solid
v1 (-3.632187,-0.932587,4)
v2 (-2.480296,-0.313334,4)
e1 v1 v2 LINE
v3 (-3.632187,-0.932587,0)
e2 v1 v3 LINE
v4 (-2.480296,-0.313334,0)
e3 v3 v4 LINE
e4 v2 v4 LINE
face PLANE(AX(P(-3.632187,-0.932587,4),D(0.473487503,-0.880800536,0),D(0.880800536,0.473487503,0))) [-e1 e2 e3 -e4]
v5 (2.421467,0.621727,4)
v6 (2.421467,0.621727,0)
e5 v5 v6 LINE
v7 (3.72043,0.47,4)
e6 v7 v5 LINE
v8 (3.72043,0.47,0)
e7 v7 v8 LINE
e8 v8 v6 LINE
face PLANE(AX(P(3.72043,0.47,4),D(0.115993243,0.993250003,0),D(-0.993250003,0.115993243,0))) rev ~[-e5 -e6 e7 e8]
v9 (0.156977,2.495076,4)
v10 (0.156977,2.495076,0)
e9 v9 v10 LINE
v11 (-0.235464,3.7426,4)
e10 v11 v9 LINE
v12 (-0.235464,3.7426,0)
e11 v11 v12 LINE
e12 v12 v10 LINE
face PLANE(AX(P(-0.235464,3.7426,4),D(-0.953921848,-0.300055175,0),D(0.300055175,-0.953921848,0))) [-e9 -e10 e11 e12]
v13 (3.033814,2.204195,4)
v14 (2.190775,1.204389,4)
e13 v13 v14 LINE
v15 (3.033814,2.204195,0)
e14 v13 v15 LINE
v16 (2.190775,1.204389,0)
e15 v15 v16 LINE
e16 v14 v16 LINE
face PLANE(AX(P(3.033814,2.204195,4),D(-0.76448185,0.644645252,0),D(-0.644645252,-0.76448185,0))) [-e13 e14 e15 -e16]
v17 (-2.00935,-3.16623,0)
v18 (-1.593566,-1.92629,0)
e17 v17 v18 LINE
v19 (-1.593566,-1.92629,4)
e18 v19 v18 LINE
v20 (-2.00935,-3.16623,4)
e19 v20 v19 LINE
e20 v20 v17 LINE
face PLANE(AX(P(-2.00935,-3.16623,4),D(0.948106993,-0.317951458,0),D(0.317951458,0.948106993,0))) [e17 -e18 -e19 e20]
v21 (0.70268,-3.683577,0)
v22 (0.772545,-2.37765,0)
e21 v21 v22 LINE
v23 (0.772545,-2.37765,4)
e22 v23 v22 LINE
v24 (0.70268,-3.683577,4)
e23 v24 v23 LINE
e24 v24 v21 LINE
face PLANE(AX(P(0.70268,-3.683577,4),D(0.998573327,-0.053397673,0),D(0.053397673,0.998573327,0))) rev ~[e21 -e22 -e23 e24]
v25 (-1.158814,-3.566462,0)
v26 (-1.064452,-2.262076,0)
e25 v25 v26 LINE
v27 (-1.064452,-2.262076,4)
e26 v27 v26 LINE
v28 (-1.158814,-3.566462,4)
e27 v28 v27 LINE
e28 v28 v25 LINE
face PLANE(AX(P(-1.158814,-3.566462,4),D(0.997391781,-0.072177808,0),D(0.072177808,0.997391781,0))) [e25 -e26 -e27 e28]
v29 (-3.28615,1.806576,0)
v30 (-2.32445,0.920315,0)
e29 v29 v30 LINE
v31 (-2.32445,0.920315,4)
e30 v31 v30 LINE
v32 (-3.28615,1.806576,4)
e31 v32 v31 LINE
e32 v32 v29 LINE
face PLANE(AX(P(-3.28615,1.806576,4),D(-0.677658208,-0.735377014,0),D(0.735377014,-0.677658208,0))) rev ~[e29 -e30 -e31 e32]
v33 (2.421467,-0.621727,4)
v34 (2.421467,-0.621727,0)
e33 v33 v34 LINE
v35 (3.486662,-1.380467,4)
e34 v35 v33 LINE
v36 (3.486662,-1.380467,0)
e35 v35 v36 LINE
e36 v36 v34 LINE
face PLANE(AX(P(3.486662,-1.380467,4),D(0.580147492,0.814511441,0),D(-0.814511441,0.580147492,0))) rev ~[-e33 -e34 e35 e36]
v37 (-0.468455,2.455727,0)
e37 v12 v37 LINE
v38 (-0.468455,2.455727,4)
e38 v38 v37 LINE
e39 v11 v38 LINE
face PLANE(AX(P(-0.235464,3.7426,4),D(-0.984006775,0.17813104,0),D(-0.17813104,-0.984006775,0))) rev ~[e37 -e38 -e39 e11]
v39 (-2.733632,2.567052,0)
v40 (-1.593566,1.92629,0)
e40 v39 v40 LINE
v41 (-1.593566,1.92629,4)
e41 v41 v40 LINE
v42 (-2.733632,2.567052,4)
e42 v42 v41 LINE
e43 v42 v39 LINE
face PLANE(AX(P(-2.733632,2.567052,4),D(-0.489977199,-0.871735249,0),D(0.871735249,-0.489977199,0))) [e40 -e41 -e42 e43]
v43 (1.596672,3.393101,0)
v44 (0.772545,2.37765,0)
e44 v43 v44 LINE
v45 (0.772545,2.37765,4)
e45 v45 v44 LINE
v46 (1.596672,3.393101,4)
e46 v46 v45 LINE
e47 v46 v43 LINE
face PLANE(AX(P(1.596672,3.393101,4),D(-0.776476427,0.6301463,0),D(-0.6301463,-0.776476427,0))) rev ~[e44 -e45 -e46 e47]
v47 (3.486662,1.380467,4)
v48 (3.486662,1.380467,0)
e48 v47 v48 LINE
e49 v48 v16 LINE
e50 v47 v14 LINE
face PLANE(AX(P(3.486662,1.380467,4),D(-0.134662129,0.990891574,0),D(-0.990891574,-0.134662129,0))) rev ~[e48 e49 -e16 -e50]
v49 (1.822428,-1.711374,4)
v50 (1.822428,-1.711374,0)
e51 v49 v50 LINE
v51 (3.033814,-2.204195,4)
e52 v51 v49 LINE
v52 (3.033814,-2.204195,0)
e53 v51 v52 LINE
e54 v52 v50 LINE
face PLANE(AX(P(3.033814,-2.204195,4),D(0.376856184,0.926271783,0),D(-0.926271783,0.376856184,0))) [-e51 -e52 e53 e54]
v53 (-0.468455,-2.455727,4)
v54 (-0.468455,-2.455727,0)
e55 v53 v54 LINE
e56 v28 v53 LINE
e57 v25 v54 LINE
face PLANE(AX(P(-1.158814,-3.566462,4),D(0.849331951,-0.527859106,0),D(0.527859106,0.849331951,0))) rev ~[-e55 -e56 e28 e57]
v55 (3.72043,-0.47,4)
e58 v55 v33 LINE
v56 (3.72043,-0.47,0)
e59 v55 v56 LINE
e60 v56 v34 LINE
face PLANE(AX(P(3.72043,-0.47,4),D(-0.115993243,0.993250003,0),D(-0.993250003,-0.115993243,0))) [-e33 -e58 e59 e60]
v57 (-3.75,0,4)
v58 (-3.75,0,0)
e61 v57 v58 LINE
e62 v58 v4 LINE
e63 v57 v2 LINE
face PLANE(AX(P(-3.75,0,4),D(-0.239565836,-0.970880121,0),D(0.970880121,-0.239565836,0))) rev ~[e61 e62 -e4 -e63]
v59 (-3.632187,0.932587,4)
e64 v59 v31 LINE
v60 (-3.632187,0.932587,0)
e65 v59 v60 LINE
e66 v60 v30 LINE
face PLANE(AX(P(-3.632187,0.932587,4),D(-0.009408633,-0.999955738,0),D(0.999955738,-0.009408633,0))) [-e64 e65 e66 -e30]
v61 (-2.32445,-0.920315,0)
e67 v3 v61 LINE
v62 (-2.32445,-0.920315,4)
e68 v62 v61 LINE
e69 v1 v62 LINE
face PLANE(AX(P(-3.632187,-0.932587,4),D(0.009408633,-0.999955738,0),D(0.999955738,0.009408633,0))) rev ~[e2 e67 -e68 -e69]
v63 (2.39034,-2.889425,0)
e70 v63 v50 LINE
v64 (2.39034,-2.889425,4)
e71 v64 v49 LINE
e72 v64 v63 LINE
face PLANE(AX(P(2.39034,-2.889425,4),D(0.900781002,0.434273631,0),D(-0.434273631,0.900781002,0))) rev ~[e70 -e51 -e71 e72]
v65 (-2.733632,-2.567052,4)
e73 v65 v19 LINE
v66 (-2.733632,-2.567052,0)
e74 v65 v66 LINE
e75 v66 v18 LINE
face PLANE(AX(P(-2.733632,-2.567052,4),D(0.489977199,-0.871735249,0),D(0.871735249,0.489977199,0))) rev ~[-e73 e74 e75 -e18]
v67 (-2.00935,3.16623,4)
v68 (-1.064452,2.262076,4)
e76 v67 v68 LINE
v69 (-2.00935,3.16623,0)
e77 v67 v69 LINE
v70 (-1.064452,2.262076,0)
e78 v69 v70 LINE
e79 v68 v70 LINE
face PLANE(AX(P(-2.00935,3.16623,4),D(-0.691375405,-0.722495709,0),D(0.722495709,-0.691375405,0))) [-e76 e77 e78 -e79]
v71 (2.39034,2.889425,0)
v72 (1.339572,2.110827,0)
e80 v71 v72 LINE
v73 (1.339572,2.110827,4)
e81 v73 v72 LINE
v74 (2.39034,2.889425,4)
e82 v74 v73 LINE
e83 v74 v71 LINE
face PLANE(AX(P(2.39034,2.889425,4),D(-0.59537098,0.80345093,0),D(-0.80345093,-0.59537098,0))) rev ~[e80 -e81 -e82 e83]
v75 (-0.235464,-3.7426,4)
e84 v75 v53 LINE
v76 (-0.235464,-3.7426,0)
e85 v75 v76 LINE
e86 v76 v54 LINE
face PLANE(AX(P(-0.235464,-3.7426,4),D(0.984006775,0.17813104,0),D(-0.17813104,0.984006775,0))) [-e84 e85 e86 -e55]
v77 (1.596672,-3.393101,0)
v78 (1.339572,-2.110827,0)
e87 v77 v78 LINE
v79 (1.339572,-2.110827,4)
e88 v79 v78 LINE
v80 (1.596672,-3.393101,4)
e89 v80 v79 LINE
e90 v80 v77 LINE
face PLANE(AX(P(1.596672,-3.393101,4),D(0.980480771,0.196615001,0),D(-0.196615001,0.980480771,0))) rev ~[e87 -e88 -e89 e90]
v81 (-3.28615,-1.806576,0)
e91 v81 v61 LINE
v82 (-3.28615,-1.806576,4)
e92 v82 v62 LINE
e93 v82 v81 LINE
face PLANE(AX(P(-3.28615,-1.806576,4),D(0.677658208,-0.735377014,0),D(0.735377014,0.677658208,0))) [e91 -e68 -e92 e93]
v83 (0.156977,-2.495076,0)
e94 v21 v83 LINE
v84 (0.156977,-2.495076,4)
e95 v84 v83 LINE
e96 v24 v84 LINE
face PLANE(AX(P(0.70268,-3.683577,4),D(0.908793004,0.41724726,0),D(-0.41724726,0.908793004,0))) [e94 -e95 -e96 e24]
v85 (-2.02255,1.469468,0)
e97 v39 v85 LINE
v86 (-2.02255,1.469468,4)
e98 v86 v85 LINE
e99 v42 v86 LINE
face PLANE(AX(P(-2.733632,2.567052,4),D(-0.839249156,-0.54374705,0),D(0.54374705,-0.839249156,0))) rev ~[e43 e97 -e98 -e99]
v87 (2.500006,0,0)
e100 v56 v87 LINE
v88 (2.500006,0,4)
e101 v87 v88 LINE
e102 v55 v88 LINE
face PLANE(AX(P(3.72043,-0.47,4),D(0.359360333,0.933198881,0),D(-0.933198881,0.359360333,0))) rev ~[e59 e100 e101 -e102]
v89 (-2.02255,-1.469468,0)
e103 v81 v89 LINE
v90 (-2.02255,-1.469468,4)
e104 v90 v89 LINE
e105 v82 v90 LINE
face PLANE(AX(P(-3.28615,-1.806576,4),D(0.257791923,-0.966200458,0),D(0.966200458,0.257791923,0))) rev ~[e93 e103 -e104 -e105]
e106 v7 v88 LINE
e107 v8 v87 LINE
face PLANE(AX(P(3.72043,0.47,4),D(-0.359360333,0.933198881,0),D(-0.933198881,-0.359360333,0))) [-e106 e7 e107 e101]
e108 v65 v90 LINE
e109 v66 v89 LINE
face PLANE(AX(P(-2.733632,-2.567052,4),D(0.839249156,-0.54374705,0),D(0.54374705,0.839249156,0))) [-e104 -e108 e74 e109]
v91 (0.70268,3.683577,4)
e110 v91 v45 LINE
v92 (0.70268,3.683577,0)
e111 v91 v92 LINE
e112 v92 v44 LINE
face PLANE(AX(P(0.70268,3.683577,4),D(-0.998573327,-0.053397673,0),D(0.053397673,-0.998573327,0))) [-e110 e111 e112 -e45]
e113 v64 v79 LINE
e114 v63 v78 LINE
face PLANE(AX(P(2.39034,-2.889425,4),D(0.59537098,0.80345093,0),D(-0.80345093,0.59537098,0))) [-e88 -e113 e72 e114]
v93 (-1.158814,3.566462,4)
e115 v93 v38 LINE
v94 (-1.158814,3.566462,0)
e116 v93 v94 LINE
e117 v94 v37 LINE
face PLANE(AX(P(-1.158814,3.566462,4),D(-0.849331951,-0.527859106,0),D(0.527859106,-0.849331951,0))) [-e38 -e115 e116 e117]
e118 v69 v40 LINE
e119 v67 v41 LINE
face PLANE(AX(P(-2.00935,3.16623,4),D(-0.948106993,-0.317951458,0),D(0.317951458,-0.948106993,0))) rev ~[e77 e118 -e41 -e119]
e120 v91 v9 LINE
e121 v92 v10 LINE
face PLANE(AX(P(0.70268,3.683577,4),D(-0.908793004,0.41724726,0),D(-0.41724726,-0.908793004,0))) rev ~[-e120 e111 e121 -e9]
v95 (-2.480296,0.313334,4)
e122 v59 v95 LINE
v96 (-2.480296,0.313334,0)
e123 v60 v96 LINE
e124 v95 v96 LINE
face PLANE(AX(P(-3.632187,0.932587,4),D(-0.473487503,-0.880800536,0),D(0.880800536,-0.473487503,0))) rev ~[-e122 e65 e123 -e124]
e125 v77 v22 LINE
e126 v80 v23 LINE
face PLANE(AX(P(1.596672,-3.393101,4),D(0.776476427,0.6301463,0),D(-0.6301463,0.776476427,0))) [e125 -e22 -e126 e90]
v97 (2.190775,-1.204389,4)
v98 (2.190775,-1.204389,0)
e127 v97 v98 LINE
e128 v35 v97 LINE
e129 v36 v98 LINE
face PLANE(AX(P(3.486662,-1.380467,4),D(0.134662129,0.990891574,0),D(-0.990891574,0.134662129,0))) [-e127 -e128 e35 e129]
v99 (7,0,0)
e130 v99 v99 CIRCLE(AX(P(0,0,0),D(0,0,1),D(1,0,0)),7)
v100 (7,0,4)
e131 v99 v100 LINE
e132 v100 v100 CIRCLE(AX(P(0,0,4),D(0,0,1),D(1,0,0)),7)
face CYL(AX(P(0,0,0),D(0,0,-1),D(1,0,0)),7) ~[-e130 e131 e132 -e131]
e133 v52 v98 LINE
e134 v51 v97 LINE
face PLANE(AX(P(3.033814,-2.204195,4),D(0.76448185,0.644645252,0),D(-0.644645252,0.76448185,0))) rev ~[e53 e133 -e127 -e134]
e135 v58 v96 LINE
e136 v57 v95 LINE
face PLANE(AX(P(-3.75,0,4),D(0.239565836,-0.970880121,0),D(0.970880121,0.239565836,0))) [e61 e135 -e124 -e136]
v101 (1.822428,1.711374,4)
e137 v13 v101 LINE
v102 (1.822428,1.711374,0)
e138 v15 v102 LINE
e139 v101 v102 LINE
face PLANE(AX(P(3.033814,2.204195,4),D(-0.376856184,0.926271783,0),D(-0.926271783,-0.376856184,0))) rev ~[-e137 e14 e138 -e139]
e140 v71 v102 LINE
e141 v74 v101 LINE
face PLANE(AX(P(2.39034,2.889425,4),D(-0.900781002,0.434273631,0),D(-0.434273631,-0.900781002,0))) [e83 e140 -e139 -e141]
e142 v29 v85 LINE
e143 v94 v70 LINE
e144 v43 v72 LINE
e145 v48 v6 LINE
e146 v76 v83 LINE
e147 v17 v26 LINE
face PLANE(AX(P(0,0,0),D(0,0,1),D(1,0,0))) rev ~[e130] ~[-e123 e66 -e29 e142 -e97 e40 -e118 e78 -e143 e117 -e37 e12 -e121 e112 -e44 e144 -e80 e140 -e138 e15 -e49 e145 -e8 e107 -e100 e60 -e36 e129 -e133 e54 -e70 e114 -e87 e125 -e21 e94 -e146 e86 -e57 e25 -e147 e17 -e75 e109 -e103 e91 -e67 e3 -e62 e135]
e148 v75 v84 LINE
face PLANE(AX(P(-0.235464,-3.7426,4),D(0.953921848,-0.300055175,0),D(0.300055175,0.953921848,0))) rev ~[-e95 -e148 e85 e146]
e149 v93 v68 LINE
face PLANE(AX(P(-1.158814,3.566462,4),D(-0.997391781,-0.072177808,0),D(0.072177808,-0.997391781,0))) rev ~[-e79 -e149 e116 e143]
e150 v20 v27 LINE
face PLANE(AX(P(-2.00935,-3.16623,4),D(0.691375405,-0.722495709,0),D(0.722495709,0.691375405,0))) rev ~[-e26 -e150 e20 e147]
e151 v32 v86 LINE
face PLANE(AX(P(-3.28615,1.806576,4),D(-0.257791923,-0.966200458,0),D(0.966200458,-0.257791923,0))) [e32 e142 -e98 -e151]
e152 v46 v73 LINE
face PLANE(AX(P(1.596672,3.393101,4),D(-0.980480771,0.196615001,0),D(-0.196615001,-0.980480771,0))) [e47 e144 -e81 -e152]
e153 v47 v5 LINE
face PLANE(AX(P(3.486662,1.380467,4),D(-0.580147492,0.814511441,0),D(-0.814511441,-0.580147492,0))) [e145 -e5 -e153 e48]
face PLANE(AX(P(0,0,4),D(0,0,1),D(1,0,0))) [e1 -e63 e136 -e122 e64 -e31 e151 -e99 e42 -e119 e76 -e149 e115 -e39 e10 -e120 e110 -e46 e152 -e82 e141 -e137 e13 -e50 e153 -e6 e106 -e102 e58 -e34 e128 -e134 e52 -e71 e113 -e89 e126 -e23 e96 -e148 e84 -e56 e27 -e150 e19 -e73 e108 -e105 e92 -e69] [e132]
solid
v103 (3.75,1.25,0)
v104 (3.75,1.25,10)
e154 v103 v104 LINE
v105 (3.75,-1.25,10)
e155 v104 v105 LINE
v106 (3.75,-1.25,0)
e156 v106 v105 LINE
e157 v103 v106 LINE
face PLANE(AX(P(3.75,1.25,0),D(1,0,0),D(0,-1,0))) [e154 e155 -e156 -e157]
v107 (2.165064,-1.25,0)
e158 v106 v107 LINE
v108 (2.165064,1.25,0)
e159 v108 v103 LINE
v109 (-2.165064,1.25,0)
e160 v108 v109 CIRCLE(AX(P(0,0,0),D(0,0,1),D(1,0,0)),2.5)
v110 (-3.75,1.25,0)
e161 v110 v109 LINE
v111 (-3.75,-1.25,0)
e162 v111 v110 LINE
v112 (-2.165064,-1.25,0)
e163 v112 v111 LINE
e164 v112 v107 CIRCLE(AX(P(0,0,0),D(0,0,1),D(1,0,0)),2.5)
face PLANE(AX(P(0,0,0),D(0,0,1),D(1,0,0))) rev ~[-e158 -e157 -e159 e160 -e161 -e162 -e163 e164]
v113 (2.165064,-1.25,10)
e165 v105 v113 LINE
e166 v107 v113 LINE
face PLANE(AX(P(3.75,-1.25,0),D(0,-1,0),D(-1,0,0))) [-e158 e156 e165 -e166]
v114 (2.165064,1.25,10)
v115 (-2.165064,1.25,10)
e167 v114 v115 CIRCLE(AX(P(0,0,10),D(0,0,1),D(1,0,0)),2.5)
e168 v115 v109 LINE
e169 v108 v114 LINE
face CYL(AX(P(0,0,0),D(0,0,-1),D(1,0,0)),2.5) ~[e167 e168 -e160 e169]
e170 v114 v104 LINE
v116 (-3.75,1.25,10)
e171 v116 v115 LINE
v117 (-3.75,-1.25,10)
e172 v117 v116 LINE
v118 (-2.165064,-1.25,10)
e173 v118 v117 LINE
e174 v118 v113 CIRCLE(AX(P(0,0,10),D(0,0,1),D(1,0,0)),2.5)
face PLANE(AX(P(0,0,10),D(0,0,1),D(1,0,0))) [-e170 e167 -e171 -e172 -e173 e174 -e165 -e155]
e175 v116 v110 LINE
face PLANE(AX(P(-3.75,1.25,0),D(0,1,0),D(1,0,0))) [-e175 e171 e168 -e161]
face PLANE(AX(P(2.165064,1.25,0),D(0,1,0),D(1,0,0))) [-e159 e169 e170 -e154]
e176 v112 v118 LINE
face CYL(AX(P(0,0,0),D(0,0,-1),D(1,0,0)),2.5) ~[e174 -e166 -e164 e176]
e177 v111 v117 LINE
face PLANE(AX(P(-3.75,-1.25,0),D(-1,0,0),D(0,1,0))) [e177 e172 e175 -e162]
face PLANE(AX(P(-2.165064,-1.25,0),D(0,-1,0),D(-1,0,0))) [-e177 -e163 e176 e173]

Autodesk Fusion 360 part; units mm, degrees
sketch "Sketch1" plane through (0, 0, 0) normal (0, 0, 1) x (1, 0, 0)
  circle A0 centre (0, 0) radius 7
  dimension "d1" = 14
extrude "Extrude1" add sketch "Sketch1" along normal blind 10

Autodesk Fusion 360 part; units mm, degrees
sketch "Sketch1" plane through (0, 0, 0) normal (0, 0, 1) x (1, 0, 0)
  line L0 (-3.75, 1.25) -> (3.75, 1.25)
  line L1 (3.75, 1.25) -> (3.75, -1.25)
  line L2 (3.75, -1.25) -> (-3.75, -1.25)
  line L3 (-3.75, -1.25) -> (-3.75, 1.25)
  line L4 (-3.75, 1.25) -> (3.75, -1.25)
  line L5 (-3.75, -1.25) -> (3.75, 1.25)
  circle A0 centre (0, 0) radius 2.5
  dimension "d1" = 7.5
  dimension "d2" = 2.5
  dimension "d3" = 5
extrude "Extrude1" add sketch "Sketch1" along normal blind 5

Autodesk Fusion 360 part; units mm, degrees
sketch "Sketch15" plane through (0, 0, 0) normal (0, 0, 1) x (1, 0, 0)
  circle A0 centre (0, 0) radius 2.5
  circle A1 centre (0, 0) radius 7
  dimension "d65" = 5
  dimension "d67" = 14
extrude "Extrude12" add sketch "Sketch15" along normal blind 4 makes body 1
sketch "Sketch16" plane through (0, 0, 4) normal (0, 0, 1) x (-1, 0, 0)
  circle A0 centre (0, 0) radius 2.5
  circle A1 centre (0, 0) radius 7
  circle A2 centre (0, 0) radius 3.75
  line L0 (0, 0) -> (3.7204, 0.47)
  line L1 (0, 0) -> (3.75, 0) construction
  line L2 (0, 0) -> (3.7204, -0.47)
  line L3 (0, 0) -> (3.75, 0) construction
  line L4 (3.75, 0) -> (2.4803, -0.3133)
  line L5 (3.75, 0) -> (2.4803, 0.3133)
  dimension "d70" = 7.5
  dimension "d71" = 7.2
  dimension "d72" = 7.2
extrude "Extrude13" add sketch "Sketch16" against normal blind 4 separate body contours A0 L4 L5 makes body 2
pattern_circular "C-Pattern4" count 25 over 360 about axis through (0, 0, 1.75) along (0, 0, 1) of bodies 2 makes body 3 at (-3.2482, -0.7262, 2.6667) makes body 4 at (-2.9656, -1.5112, 2.6667) makes body 5 at (-2.3536, -2.3535, 2.6667) makes body 6 at (-1.6944, -2.8648, 2.6667) makes body 7 at (-0.9287, -3.1962, 2.6667) makes body 8 at (-0.1047, -3.3268, 2.6667) makes body 9 at (0.726, -3.2483, 2.6667) makes body 10 at (1.322, -3.0546, 2.6667) makes body 11 at (2.0401, -2.6299, 2.6667) makes body 12 at (2.63, -2.0399, 2.6667) makes body 13 at (3.1316, -1.1276, 2.6667) makes body 14 at (3.2874, -0.5206, 2.6667) makes body 15 at (3.2874, 0.5206, 2.6667) makes body 16 at (3.1316, 1.1276, 2.6667) makes body 17 at (2.63, 2.0399, 2.6667) makes body 18 at (2.0401, 2.6299, 2.6667) makes body 19 at (1.322, 3.0546, 2.6667) makes body 20 at (0.726, 3.2483, 2.6667) makes body 21 at (-0.3131, 3.3136, 2.6667) makes body 22 at (-1.1274, 3.1317, 2.6667) makes body 23 at (-1.8708, 2.7529, 2.6667) makes body 24 at (-2.4966, 2.2012, 2.6667) makes body 25 at (-2.9656, 1.5112, 2.6667) makes body 26 at (-3.2482, 0.7262, 2.6667)
combine "Combine4" operation cut target body 1 tool bodies 2 18 16 17 13 14 15 26 3 4 19 21 20 22 23 24 25 5 6 11 12 7 8 9 10
copy_body "Body->Comp1" bodies 1 removing the originals makes body 27 in component "Component"
component "Component" placed x (1, 0, 0) y (0, 1, 0) z (0, 0, 1) at (0, 0, 0)
